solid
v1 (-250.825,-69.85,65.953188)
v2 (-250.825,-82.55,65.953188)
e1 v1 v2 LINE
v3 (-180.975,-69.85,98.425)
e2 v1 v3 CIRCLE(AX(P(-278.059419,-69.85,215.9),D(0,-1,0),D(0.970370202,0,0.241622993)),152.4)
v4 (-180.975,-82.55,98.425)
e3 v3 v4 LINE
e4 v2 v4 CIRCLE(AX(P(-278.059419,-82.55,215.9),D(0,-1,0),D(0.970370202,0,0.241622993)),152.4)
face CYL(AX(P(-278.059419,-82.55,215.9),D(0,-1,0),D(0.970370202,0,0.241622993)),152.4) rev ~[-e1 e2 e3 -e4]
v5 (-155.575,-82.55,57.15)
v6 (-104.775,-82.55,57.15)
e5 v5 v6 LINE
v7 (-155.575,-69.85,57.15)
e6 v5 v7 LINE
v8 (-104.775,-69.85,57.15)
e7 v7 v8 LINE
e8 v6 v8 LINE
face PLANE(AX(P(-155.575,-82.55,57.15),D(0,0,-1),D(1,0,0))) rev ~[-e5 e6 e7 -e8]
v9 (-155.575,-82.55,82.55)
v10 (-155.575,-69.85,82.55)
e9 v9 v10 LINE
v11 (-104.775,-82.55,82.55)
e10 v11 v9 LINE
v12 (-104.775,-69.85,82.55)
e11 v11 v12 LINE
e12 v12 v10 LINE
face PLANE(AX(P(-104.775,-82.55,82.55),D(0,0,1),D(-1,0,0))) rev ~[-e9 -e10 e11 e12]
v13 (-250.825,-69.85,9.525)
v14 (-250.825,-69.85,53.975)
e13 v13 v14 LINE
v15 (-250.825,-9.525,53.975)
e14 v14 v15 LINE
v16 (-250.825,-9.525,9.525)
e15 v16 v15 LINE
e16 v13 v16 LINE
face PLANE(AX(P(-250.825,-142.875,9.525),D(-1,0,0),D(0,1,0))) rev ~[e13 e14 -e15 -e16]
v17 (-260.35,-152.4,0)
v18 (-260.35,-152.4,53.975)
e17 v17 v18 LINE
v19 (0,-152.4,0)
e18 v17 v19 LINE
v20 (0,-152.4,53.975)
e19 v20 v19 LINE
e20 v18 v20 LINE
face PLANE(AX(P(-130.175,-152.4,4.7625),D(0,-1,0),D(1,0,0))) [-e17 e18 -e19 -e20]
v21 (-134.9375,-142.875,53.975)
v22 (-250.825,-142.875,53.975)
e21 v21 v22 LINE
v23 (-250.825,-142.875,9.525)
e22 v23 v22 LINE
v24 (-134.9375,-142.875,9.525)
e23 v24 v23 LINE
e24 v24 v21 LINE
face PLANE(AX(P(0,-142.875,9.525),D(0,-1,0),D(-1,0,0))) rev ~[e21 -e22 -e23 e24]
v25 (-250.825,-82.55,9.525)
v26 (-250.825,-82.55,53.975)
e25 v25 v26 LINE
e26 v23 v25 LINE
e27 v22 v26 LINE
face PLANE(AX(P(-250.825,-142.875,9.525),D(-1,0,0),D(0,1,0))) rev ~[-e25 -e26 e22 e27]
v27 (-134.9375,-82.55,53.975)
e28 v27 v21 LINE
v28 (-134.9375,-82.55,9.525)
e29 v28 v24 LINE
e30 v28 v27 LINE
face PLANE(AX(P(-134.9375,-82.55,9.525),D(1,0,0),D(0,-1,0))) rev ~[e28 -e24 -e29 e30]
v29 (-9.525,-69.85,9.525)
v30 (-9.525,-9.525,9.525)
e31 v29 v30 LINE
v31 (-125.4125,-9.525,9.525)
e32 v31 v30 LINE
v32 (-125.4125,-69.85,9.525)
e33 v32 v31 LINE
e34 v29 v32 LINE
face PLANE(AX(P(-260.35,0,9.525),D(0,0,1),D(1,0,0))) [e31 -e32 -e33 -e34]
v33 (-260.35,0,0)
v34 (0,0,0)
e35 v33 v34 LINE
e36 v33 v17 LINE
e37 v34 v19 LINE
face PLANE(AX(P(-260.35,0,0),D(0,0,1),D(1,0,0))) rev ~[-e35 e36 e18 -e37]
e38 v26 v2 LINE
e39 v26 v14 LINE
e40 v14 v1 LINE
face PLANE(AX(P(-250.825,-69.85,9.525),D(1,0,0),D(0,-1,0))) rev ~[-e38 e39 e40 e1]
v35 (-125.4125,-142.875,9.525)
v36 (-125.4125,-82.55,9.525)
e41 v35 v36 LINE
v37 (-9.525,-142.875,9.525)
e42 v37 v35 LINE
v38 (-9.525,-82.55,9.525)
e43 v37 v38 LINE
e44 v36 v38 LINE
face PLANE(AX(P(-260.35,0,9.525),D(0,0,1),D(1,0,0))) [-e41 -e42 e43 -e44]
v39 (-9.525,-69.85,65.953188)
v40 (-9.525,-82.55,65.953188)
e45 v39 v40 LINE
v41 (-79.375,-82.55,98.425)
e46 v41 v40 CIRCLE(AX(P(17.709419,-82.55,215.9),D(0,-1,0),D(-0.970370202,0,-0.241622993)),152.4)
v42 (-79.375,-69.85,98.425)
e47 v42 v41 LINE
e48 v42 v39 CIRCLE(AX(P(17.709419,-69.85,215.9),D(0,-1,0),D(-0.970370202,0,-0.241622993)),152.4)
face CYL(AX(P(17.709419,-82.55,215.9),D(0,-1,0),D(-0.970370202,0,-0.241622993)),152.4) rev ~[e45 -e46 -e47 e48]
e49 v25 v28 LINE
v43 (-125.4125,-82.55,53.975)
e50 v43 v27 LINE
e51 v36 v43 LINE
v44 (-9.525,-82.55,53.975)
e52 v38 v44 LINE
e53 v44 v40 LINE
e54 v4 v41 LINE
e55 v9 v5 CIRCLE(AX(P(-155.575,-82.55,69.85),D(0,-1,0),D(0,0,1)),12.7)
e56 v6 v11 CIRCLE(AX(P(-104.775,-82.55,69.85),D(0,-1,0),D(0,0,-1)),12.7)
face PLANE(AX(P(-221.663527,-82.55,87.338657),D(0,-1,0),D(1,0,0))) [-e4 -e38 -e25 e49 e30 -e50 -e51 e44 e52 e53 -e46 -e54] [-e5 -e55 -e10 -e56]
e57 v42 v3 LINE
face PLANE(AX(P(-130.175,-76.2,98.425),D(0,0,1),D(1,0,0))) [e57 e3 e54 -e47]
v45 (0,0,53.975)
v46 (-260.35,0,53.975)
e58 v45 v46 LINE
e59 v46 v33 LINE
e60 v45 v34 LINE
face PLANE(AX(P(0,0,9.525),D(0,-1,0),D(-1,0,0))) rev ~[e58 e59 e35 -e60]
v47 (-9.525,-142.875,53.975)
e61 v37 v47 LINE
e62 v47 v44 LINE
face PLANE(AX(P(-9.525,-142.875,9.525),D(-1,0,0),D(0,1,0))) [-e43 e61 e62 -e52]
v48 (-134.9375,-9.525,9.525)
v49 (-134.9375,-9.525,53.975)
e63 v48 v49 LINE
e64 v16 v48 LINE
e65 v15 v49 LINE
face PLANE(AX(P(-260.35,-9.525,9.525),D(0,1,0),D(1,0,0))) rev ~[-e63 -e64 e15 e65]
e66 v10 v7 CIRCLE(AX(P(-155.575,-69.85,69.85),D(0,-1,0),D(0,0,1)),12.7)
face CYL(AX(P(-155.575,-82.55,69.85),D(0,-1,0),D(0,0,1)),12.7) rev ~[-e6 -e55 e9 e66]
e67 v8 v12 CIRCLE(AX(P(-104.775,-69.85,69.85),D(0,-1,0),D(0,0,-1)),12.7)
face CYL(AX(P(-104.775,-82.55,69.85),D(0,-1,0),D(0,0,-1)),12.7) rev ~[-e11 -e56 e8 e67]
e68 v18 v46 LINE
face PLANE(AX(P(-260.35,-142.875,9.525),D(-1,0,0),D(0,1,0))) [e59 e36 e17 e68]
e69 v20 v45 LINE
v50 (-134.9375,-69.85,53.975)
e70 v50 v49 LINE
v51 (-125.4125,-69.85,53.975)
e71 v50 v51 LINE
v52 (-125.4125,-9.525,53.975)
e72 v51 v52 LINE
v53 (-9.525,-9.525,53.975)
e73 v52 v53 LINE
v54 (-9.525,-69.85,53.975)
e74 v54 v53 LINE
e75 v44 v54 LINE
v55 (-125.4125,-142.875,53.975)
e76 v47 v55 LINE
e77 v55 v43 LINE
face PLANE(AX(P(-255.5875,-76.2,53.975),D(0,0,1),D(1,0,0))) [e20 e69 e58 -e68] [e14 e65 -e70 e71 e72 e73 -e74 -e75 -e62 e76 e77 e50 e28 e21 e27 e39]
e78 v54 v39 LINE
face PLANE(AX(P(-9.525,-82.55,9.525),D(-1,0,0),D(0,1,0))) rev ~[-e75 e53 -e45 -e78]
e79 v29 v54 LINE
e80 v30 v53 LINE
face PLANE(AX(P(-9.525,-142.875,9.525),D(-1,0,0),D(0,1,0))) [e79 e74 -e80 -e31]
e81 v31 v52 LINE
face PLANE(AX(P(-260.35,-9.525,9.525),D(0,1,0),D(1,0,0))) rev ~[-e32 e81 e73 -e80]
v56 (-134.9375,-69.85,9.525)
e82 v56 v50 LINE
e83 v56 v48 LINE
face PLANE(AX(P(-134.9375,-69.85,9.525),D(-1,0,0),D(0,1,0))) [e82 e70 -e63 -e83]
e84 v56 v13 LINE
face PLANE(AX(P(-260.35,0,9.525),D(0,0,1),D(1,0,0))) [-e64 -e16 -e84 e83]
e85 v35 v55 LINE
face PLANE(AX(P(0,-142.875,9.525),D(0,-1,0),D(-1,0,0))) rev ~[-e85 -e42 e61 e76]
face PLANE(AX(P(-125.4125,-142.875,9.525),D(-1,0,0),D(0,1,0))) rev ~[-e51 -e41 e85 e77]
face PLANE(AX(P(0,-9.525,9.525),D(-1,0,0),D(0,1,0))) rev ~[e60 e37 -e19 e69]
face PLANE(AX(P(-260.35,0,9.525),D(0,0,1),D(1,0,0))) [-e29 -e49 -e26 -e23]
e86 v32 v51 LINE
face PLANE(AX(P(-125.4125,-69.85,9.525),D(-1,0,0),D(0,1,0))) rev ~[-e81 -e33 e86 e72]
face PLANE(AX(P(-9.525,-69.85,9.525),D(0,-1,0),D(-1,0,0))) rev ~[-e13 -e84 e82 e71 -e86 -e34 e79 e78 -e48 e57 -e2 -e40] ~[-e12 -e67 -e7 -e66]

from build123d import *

# Parameters (mm, degrees)
F0_W      = 260.35
F0_H      = 9.525
F1_DEPTH  = 152.4
F3_DEPTH  = 44.45
F4_W      = 9.525
F4_H      = 133.35
F5_DEPTH  = 44.45
F7_DEPTH  = 44.45
F9_DEPTH  = 88.9
F11_DEPTH = 25.4
F12_DEPTH = 25.4
F14_DEPTH = 12.7
F15_W     = 9.525
F15_H     = 60.325
F16_DEPTH = 44.45


with BuildPart() as f1:
    # F0 (on Front) → F1 (new body)
    with BuildSketch(Plane.XZ):
        with Locations((-130.175, 4.7625)):
            Rectangle(F0_W, F0_H)
    extrude(amount=F1_DEPTH)

    # F2 (on face) → F3 (join)
    with BuildSketch(Plane.XY.offset(9.525)):
        Polygon((-260.35, 0), (-260.35, -9.525), (-248.4708428383, -9.525), (0, -9.525), (0, 0), align=None)
        Polygon((-260.35, -152.4), (-250.825, -152.4), (0, -152.4), (0, -142.875), (-260.35, -142.875), align=None)
    extrude(amount=F3_DEPTH)

    # F4 (on face) → F5 (join)
    with BuildSketch(Plane.XY.offset(9.525)):
        with Locations((-255.5875, -76.2)):
            Rectangle(F4_W, F4_H)
        with Locations((-4.7625, -76.2)):
            Rectangle(F4_W, F4_H)
    extrude(amount=F5_DEPTH)

    # F6 (on face) → F7 (join)
    with BuildSketch(Plane.XY.offset(9.525)):
        Polygon((-134.9375, -82.55), (-134.9375, -142.875), (-130.175, -142.875), (-125.4125, -142.875), (-125.4125, -82.55), align=None)
    extrude(amount=F7_DEPTH)

    # F8 (on face) → F9 (join)
    with BuildSketch(Plane.XY.offset(9.525)):
        Polygon((-250.825, -69.85), (-250.825, -82.55), (-134.9375, -82.55), (-125.4125, -82.55), (-9.525, -82.55), (-9.525, -69.85), align=None)
    extrude(amount=F9_DEPTH)

    # F10 (on face) → F11 (join)
    with BuildSketch(Plane.XZ.offset(82.55)):
        with BuildLine():
            Line((-180.975, 98.425), (-250.825, 98.425))
            Line((-250.825, 98.425), (-250.825, 65.953187989))
            ThreePointArc((-250.825, 65.953187989), (-213.8145902973, 77.7031765567), (-180.975, 98.425))
        make_face()
        with BuildLine():
            Line((-250.825, 65.953187989), (-250.825, 98.425))
            Line((-250.825, 98.425), (-180.975, 98.425))
            ThreePointArc((-180.975, 98.425), (-149.1074694289, 134.677129134), (-130.175, 179.0766558518))
            ThreePointArc((-130.175, 179.0766558518), (-134.6905811935, 215.9), (-130.175, 252.7233441482))
            ThreePointArc((-130.175, 252.7233441482), (-406.0727955672, 298.5942281561), (-250.825, 65.953187989))
        make_face()
        with BuildLine():
            ThreePointArc((-125.6594188065, 215.9), (-126.7925264835, 234.44958994), (-130.175, 252.7233441482))
            ThreePointArc((-130.175, 252.7233441482), (-134.6905811935, 215.9), (-130.175, 179.0766558518))
            ThreePointArc((-130.175, 179.0766558518), (-126.7925264835, 197.35041006), (-125.6594188065, 215.9))
        make_face()
        with BuildLine():
            ThreePointArc((170.1094188065, 215.9), (36.2590087465, 367.166892323), (-130.175, 252.7233441482))
            ThreePointArc((-130.175, 252.7233441482), (-126.7925264835, 234.44958994), (-125.6594188065, 215.9))
            ThreePointArc((-125.6594188065, 215.9), (-126.7925264835, 197.35041006), (-130.175, 179.0766558518))
            ThreePointArc((-130.175, 179.0766558518), (-111.2425305711, 134.677129134), (-79.375, 98.425))
            ThreePointArc((-79.375, 98.425), (82.632814335, 78.0206588605), (170.1094188065, 215.9))
        make_face()
    extrude(amount=-F11_DEPTH)

    # F10 (on face) → F12 (cut)
    with BuildSketch(Plane.XZ.offset(82.55)):
        with BuildLine():
            Line((-180.975, 98.425), (-250.825, 98.425))
            Line((-250.825, 98.425), (-250.825, 65.953187989))
            ThreePointArc((-250.825, 65.953187989), (-213.8145902973, 77.7031765567), (-180.975, 98.425))
        make_face()
        with BuildLine():
            Line((-250.825, 65.953187989), (-250.825, 98.425))
            Line((-250.825, 98.425), (-180.975, 98.425))
            ThreePointArc((-180.975, 98.425), (-149.1074694289, 134.677129134), (-130.175, 179.0766558518))
            ThreePointArc((-130.175, 179.0766558518), (-134.6905811935, 215.9), (-130.175, 252.7233441482))
            ThreePointArc((-130.175, 252.7233441482), (-406.0727955672, 298.5942281561), (-250.825, 65.953187989))
        make_face()
        with BuildLine():
            ThreePointArc((-125.6594188065, 215.9), (-126.7925264835, 234.44958994), (-130.175, 252.7233441482))
            ThreePointArc((-130.175, 252.7233441482), (-134.6905811935, 215.9), (-130.175, 179.0766558518))
            ThreePointArc((-130.175, 179.0766558518), (-126.7925264835, 197.35041006), (-125.6594188065, 215.9))
        make_face()
        with BuildLine():
            ThreePointArc((170.1094188065, 215.9), (36.2590087465, 367.166892323), (-130.175, 252.7233441482))
            ThreePointArc((-130.175, 252.7233441482), (-126.7925264835, 234.44958994), (-125.6594188065, 215.9))
            ThreePointArc((-125.6594188065, 215.9), (-126.7925264835, 197.35041006), (-130.175, 179.0766558518))
            ThreePointArc((-130.175, 179.0766558518), (-111.2425305711, 134.677129134), (-79.375, 98.425))
            ThreePointArc((-79.375, 98.425), (82.632814335, 78.0206588605), (170.1094188065, 215.9))
        make_face()
    extrude(amount=-F12_DEPTH, mode=Mode.SUBTRACT)

    # F13 (on face) → F14 (cut)
    with BuildSketch(Plane.XZ.offset(82.55)):
        with BuildLine():
            Line((-104.775, 82.55), (-155.575, 82.55))
            ThreePointArc((-155.575, 82.55), (-168.275, 69.85), (-155.575, 57.15))
            Line((-155.575, 57.15), (-104.775, 57.15))
            ThreePointArc((-104.775, 57.15), (-92.075, 69.85), (-104.775, 82.55))
        make_face()
    extrude(amount=-F14_DEPTH, mode=Mode.SUBTRACT)

    # F15 (on face) → F16 (join)
    with BuildSketch(Plane.XY.offset(9.525)):
        with Locations((-130.175, -39.6875)):
            Rectangle(F15_W, F15_H)
    extrude(amount=F16_DEPTH)


solid = f1.part
